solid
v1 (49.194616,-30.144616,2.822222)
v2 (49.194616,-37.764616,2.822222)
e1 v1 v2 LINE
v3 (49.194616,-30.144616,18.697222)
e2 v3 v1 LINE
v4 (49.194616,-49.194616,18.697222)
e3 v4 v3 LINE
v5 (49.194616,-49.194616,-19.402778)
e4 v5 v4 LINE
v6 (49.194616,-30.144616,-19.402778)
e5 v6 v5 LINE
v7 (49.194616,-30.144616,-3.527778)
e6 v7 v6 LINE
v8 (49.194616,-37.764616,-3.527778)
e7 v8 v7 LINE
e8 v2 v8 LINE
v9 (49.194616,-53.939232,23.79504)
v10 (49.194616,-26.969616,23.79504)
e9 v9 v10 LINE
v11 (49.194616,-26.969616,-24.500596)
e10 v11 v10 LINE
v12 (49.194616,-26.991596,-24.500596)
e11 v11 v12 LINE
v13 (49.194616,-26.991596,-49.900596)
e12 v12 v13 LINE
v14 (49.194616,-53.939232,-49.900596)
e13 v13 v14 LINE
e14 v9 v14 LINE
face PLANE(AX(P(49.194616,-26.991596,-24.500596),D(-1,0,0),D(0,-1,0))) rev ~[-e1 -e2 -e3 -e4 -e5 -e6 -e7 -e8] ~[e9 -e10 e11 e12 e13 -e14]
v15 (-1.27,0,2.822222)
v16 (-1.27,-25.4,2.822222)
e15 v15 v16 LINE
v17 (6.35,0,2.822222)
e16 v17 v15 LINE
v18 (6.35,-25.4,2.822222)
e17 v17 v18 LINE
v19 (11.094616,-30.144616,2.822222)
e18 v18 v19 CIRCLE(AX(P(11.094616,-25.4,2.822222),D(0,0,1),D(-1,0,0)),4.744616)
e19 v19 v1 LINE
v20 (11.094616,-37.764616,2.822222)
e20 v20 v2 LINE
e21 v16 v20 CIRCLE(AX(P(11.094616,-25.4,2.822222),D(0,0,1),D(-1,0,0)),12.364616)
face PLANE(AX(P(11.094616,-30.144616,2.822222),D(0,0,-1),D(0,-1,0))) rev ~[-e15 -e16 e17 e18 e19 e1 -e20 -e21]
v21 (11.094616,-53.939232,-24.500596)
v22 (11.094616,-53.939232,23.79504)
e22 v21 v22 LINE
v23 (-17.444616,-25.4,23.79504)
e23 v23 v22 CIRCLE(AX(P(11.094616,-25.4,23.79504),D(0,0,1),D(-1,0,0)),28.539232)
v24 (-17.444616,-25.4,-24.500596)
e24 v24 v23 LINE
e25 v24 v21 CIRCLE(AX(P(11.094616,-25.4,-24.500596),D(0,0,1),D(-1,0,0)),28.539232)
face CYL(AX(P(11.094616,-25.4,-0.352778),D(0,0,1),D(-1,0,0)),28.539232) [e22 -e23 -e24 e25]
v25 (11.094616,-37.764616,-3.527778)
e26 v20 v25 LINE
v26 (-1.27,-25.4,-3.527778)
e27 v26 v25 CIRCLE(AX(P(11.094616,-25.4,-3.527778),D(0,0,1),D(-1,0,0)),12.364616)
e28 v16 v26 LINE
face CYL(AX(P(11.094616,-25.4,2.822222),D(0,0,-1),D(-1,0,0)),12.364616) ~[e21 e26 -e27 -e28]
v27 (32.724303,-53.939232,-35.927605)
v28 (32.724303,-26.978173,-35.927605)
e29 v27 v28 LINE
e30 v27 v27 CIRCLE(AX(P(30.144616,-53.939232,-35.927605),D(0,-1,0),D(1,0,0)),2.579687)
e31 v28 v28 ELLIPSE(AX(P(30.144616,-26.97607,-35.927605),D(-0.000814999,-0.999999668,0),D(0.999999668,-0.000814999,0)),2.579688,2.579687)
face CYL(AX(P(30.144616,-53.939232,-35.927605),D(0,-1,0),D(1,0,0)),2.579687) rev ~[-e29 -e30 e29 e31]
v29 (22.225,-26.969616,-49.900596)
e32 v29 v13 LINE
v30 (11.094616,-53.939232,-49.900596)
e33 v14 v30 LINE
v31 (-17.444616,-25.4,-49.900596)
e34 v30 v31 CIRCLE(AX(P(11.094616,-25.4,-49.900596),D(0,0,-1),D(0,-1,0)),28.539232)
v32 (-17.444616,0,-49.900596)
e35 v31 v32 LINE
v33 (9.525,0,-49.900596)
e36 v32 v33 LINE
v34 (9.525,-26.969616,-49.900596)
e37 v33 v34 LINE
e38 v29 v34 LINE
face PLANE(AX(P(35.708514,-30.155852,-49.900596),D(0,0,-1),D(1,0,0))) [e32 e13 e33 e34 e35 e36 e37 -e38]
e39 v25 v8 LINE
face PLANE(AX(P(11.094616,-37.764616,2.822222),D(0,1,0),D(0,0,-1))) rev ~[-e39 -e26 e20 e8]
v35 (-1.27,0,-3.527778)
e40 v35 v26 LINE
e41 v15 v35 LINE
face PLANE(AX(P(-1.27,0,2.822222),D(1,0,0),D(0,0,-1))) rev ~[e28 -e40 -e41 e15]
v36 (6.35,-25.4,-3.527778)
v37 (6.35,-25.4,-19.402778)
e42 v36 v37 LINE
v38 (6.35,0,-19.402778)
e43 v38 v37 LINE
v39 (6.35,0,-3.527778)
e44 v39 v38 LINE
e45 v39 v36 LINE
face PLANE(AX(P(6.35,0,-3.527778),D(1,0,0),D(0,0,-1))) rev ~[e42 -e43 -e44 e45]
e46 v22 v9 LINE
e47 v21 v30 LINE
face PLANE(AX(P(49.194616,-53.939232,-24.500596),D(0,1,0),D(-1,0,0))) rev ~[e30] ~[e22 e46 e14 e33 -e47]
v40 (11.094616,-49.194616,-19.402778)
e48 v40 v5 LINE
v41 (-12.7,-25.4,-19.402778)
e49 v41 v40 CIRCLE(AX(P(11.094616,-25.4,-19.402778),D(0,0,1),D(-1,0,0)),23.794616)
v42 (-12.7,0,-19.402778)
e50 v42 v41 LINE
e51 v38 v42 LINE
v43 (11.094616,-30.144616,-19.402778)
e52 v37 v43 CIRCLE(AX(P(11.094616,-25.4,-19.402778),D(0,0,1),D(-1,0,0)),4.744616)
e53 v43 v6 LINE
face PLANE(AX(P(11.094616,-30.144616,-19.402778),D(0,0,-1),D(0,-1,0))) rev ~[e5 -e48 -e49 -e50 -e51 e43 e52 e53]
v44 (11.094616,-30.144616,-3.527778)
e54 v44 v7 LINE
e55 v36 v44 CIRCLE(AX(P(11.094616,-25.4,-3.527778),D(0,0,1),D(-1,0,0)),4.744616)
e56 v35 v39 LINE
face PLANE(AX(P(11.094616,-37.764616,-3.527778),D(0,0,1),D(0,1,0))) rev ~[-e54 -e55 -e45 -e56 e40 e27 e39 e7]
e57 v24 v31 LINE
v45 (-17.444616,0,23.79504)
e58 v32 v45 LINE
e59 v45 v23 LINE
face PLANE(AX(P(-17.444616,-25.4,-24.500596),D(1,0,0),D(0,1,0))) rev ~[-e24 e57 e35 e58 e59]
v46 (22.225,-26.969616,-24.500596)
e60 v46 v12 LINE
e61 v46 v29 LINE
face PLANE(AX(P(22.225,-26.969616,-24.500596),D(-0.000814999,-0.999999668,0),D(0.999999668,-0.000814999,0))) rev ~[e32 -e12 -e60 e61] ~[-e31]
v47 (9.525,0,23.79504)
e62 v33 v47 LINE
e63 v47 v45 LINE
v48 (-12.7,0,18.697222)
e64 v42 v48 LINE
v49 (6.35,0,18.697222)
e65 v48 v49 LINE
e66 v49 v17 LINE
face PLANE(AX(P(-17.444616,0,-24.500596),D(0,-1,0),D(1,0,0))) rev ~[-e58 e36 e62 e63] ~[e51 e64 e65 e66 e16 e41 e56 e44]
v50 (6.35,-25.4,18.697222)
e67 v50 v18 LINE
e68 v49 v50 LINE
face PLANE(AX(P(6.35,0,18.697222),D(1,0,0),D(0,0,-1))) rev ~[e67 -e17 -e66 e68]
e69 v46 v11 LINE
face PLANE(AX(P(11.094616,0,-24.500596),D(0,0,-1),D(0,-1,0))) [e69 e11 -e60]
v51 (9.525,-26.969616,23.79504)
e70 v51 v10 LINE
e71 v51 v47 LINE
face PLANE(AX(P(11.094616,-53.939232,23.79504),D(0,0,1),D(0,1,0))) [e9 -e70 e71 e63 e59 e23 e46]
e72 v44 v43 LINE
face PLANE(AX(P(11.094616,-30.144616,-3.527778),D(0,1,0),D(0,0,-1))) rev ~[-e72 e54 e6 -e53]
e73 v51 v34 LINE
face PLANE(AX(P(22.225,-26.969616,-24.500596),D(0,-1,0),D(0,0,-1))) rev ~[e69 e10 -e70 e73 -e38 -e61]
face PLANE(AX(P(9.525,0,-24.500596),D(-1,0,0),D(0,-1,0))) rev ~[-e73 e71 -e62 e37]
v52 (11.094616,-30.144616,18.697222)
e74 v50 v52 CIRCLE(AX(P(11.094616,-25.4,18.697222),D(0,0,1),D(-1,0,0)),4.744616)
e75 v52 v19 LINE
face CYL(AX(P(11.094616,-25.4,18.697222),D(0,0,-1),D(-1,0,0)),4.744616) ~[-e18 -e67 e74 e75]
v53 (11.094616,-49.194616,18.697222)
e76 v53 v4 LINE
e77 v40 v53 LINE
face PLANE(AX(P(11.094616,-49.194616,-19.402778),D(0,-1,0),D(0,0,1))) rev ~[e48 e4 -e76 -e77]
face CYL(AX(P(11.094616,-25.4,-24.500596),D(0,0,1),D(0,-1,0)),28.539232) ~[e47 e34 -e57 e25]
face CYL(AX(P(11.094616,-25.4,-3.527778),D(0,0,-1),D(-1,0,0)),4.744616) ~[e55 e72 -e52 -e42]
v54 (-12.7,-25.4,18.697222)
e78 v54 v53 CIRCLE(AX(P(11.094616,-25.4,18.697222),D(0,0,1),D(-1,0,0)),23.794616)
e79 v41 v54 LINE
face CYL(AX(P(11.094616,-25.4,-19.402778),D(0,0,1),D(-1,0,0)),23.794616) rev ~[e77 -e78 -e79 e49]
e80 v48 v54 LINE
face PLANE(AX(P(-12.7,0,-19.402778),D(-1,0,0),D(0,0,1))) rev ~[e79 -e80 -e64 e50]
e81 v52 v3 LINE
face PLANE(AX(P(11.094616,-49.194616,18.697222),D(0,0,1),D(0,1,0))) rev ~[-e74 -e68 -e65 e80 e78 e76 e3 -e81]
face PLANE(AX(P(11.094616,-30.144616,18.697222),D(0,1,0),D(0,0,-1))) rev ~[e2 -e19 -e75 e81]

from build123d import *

# Parameters (mm, degrees)
F0_W      = 28.5392315894
F0_H      = 48.2956362042
F1_DEPTH  = 25.4
F1_FACE_W = 28.5392315894
F1_FACE_H = 48.2956362042
F2_ANGLE  = 90
F3_DEPTH  = 38.1
F4_W      = 26.9696157947
F4_H      = 26.9696157947
F5_DEPTH  = 50.14334
F6_W      = 26.9748
F6_H      = 6.35
F7_DEPTH  = 25.4
F9_DEPTH  = 38.1
F11_DEPTH = 12.7


with BuildPart() as f1:
    # F0 (on Front) → F1 (new body)
    with BuildSketch(Plane.XZ):
        with Locations((-3.175, -0.3527777778)):
            Rectangle(F0_W, F0_H)
        Polygon((-12.7, -19.4027777778), (-12.7, 18.6972222222), (6.35, 18.6972222222), (6.35, 2.8222222222), (-1.27, 2.8222222222), (-1.27, -3.5277777778), (6.35, -3.5277777778), (6.35, -19.4027777778), align=None, mode=Mode.SUBTRACT)
    extrude(amount=F1_DEPTH)

    # F1_face (on face) → F2 (revolve)
    with BuildSketch(Plane(origin=(-2.7804632911, -25.4, -0.3527777778), x_dir=(1, 0, 0), z_dir=(0, -1, 0))):
        with Locations((-0.3945367089, 0)):
            Rectangle(F1_FACE_W, F1_FACE_H)
        Polygon((9.1304632911, -19.05), (-9.9195367089, -19.05), (-9.9195367089, 19.05), (9.1304632911, 19.05), (9.1304632911, 3.175), (1.5104632911, 3.175), (1.5104632911, -3.175), (9.1304632911, -3.175), align=None, mode=Mode.SUBTRACT)
    revolve(axis=Axis((11.0946157947, -25.4, -0.3527777778), (0, 0, 1)), revolution_arc=F2_ANGLE)

    # F3 (add): a face of the model
    f3_faces = [f1.faces().sort_by_distance(p)[0] for p in [
        (11.0946157947, -22.3630131274, -0.3527777778),
    ]]
    extrude(f3_faces, amount=F3_DEPTH)

    # F4 (on face) → F5 (cut, symmetric)
    with BuildSketch(Plane(origin=(0, 0, -24.5005958799), x_dir=(1, 0, 0), z_dir=(0, 0, -1))):
        with Locations((35.7098078974, 13.4848078974)):
            Rectangle(F4_W, F4_H)
    extrude(amount=F5_DEPTH, both=True, mode=Mode.SUBTRACT)

    # F6 (on face) → F7 (join)
    with BuildSketch(Plane(origin=(0, 0, -24.5005958799), x_dir=(1, 0, 0), z_dir=(0, 0, -1))):
        Polygon((22.2198247534, 33.3196136858), (22.225, 26.9696157947), (49.1946157947, 26.9915960246), (49.1946157947, 33.3415981335), align=None)
        with Locations((35.7072157947, 50.7642315894)):
            Rectangle(F6_W, F6_H)
        with BuildLine():
            Line((22.225, 0), (22.225, 26.9696157947))
            Line((22.225, 26.9696157947), (22.2198247534, 33.3196136858))
            Line((22.2198247534, 33.3196136858), (49.1946157947, 33.3415981335))
            Line((49.1946157947, 33.3415981335), (49.1946157947, 47.5892315894))
            Line((49.1946157947, 47.5892315894), (22.2198157947, 47.5892315894))
            Line((22.2198157947, 47.5892315894), (22.2198157947, 53.9392315894))
            Line((22.2198157947, 53.9392315894), (11.0946157947, 53.9392315894))
            ThreePointArc((11.0946157947, 53.9392315894), (-9.085668392, 45.5802841867), (-17.4446157947, 25.4))
            Line((-17.4446157947, 25.4), (-17.4446157947, 0))
            Line((-17.4446157947, 0), (22.225, 0))
        make_face()
    extrude(amount=F7_DEPTH)

    # F8 (on face) → F9 (cut)
    with BuildSketch(Plane.XZ.offset(53.9392315894)):
        with BuildLine():
            ThreePointArc((27.5649282947, -35.9276048839), (30.1446157947, -38.5072923839), (32.7243032947, -35.9276048839))
            Line((32.7243032947, -35.9276048839), (30.1446157947, -35.9276048839))
            Line((30.1446157947, -35.9276048839), (27.5649282947, -35.9276048839))
        make_face()
        with BuildLine():
            Line((30.1446157947, -35.9276048839), (32.7243032947, -35.9276048839))
            ThreePointArc((32.7243032947, -35.9276048839), (30.1446157947, -33.3479173839), (27.5649282947, -35.9276048839))
            Line((27.5649282947, -35.9276048839), (30.1446157947, -35.9276048839))
        make_face()
    extrude(amount=-F9_DEPTH, mode=Mode.SUBTRACT)

    # F11 (cut): a face of the model
    f11_faces = [f1.faces().sort_by_distance(p)[0] for p in [
        (22.225, -13.4848078974, -13.0527777778),
    ]]
    extrude(f11_faces, amount=-F11_DEPTH, mode=Mode.SUBTRACT)


solid = f1.part
